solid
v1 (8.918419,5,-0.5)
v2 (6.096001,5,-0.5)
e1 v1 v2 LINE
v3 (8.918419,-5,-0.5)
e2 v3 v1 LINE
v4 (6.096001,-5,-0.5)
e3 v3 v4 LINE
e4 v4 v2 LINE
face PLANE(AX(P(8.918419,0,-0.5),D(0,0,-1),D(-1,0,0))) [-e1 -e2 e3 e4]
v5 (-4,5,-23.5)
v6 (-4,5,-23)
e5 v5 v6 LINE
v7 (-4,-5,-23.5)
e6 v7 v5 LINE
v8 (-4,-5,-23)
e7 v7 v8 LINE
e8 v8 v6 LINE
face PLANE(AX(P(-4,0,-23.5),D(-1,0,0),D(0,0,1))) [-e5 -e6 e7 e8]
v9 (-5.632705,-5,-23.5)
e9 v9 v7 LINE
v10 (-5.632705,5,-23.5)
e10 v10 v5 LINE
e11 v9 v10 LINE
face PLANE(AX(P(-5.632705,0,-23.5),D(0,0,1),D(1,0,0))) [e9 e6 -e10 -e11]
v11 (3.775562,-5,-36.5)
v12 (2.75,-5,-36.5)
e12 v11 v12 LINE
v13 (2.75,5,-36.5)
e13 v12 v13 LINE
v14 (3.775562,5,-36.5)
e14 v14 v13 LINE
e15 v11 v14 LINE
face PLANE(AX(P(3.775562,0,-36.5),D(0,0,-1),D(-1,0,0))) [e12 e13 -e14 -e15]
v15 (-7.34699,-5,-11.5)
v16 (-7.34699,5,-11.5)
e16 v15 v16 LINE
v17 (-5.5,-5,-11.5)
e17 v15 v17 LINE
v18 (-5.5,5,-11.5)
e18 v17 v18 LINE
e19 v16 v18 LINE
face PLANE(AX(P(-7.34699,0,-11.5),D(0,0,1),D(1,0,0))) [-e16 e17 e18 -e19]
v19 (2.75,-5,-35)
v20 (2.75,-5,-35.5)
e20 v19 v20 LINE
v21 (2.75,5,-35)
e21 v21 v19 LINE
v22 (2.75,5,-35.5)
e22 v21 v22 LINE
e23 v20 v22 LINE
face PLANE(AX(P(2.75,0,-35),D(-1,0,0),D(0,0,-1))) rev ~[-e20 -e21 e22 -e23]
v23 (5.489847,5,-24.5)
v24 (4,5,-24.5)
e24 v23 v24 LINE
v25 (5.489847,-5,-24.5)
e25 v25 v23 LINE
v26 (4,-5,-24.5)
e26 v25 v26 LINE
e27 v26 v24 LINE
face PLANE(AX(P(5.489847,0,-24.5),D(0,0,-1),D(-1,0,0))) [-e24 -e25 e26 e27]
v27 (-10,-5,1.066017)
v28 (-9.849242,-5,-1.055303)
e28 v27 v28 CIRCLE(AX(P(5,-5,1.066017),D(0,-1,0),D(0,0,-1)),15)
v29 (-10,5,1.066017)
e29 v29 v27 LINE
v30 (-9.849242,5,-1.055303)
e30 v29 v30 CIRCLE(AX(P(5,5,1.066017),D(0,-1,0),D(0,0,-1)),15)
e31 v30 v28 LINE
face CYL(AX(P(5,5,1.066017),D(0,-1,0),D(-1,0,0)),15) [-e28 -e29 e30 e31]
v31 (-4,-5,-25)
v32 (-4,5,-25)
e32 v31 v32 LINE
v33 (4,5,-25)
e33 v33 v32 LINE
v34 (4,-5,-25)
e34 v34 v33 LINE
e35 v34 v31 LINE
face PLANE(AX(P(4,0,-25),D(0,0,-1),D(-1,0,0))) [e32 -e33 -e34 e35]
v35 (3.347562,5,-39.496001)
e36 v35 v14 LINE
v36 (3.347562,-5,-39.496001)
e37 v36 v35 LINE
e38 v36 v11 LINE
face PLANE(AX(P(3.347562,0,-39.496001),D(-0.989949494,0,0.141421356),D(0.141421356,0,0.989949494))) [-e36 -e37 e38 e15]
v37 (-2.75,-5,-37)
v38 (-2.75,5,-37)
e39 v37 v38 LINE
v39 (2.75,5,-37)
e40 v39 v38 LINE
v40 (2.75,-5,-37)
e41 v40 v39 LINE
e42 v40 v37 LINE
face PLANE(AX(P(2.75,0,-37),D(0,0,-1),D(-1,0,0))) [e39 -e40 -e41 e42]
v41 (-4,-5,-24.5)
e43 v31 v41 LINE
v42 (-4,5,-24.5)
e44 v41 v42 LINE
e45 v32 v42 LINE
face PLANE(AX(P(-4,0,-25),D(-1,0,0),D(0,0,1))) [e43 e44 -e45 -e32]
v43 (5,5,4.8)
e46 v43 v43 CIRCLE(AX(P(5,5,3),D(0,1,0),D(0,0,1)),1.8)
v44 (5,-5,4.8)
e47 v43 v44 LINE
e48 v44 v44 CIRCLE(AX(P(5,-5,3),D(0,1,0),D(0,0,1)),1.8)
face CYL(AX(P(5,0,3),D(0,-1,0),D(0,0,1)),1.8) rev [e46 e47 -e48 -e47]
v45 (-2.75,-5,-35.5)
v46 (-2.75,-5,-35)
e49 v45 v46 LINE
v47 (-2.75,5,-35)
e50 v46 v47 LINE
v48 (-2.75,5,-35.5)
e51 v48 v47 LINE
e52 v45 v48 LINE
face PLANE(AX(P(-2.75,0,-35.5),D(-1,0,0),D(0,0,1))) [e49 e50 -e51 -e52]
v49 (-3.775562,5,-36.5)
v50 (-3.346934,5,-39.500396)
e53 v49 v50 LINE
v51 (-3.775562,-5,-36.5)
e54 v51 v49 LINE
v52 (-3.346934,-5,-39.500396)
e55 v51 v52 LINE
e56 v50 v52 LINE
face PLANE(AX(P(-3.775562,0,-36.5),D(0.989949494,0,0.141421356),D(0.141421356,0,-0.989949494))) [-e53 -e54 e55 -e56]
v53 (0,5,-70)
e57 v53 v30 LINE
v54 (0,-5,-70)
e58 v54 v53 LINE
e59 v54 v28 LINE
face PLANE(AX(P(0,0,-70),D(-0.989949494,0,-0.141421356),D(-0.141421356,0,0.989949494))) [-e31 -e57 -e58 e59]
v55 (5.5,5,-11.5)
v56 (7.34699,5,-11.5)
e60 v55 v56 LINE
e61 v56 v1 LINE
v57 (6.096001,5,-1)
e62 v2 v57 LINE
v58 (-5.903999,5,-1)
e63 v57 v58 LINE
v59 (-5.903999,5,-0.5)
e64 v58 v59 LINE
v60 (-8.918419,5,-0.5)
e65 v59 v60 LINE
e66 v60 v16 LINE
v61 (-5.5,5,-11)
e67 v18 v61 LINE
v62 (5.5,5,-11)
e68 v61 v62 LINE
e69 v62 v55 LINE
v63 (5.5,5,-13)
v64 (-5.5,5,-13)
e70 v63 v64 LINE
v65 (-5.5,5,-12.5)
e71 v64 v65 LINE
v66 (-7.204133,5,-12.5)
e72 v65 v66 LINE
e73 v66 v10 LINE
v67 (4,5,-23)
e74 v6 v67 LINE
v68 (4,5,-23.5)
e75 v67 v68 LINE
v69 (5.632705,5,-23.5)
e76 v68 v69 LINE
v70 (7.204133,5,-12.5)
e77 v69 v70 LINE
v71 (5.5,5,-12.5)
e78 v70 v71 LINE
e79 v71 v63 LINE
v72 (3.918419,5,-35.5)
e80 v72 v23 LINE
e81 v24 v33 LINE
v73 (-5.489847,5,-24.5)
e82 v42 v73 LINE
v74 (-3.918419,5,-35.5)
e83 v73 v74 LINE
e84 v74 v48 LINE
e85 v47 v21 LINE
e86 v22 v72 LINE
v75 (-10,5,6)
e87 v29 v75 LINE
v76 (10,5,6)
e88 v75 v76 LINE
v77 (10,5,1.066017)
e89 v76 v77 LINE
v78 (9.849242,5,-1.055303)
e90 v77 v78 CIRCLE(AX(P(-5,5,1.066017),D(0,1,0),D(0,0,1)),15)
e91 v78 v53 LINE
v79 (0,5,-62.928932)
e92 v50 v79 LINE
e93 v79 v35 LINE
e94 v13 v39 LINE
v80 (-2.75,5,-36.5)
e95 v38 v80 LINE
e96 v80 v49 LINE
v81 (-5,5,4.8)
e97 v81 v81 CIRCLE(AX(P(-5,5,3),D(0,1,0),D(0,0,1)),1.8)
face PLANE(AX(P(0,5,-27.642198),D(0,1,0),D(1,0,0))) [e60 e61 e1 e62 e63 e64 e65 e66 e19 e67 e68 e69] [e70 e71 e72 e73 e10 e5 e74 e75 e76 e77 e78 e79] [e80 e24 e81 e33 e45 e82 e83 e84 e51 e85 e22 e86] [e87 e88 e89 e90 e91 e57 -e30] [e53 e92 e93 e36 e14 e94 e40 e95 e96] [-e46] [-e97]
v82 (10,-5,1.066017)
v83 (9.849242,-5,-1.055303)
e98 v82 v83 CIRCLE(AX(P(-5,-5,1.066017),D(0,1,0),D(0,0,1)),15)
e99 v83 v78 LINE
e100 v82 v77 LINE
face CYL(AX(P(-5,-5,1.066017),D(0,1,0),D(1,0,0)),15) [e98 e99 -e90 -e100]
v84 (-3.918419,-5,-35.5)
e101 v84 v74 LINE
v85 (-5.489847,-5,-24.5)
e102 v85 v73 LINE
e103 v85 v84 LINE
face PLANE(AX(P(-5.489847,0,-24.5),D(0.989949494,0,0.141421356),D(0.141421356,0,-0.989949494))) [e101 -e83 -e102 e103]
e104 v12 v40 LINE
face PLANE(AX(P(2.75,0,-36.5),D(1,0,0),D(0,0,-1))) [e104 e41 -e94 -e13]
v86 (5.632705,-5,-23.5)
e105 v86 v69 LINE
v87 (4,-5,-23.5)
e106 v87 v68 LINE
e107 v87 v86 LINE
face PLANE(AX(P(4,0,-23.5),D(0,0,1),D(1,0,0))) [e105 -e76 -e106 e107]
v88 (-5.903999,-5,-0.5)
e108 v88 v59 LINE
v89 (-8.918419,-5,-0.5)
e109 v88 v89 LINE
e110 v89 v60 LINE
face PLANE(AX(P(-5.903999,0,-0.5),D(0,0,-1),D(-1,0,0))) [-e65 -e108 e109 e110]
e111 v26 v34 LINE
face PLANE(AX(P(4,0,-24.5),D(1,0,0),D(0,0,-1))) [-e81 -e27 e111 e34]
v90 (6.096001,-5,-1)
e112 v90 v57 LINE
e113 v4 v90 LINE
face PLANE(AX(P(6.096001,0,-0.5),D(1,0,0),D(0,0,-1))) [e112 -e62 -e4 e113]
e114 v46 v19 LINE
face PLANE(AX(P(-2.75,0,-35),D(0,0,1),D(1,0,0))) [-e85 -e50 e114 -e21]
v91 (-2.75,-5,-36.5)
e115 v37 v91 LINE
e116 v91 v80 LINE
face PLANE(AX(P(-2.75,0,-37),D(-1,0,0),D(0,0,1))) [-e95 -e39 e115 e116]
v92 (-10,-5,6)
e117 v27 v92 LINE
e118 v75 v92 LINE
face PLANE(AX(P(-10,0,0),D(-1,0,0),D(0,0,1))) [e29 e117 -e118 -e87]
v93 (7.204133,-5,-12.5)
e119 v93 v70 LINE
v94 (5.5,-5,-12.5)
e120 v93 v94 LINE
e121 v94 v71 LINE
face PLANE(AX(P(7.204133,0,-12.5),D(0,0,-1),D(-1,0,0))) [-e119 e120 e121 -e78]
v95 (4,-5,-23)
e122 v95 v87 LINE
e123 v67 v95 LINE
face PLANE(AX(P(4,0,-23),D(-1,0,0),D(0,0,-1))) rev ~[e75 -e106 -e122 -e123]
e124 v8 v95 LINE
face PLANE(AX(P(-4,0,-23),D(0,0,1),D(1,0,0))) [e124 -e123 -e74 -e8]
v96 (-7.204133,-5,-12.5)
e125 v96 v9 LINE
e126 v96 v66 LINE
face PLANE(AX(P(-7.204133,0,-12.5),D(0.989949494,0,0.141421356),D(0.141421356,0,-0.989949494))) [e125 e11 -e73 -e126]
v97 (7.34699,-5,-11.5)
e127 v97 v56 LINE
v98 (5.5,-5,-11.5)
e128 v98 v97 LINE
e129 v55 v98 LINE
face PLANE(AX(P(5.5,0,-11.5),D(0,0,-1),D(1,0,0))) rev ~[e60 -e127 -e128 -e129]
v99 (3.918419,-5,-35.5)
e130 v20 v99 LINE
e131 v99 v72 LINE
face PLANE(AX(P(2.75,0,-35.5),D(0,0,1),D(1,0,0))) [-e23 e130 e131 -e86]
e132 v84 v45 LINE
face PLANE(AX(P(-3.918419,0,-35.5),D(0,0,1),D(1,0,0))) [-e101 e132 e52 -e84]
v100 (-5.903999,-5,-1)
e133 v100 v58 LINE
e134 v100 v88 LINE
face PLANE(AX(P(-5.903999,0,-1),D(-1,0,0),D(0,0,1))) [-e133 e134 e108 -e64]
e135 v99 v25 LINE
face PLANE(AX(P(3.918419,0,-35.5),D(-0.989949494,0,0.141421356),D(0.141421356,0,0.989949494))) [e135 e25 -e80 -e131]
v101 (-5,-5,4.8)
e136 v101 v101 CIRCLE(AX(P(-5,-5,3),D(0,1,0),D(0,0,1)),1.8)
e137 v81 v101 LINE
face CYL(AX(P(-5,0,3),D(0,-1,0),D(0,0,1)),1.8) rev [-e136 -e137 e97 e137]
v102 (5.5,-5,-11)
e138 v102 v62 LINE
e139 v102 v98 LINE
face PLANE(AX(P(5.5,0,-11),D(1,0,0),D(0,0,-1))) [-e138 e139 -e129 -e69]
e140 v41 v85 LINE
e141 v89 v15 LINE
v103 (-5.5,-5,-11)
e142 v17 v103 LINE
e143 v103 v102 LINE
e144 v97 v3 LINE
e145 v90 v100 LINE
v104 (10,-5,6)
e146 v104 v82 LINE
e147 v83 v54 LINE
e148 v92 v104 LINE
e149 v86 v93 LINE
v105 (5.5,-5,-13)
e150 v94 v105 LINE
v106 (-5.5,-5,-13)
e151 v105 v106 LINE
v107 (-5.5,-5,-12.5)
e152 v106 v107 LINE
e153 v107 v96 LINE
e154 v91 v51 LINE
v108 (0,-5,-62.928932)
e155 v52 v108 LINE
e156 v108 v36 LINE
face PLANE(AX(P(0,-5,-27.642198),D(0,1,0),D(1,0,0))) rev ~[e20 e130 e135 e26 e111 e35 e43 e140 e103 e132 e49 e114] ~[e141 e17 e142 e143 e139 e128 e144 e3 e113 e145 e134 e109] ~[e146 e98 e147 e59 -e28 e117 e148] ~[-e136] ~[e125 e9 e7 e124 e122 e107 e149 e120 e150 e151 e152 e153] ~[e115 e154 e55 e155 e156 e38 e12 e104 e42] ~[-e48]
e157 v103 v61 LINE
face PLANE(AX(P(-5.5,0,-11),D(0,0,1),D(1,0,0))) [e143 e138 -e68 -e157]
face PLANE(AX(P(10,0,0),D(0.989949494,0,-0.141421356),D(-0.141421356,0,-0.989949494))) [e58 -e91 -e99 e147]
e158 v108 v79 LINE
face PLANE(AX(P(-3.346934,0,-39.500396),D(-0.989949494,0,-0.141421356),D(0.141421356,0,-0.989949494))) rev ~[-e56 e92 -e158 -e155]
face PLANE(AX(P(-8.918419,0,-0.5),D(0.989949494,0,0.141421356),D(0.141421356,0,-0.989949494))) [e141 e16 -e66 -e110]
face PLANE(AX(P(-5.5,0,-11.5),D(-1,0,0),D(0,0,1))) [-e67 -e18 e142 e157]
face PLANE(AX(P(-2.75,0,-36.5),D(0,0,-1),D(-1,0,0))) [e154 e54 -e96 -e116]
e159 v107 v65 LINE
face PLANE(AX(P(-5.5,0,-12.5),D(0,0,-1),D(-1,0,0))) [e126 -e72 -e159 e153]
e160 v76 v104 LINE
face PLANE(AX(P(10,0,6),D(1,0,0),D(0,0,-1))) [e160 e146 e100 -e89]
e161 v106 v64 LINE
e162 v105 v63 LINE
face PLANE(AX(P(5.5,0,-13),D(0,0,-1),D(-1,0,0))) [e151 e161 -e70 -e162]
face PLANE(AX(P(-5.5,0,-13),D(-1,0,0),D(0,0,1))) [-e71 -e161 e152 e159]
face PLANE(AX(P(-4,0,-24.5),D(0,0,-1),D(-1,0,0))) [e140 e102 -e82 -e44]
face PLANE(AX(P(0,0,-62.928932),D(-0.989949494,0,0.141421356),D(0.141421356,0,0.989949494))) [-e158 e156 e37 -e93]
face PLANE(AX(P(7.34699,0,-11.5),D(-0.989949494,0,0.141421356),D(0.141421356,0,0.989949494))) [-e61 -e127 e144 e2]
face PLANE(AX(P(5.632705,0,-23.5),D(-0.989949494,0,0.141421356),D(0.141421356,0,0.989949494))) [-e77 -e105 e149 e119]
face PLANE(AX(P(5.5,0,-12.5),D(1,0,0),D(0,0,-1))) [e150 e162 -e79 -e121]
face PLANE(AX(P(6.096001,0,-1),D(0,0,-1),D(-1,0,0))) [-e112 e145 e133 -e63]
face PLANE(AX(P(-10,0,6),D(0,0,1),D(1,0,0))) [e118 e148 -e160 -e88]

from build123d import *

# Parameters (mm, degrees)
SKETCH1_R           = 1.8
BOSS_EXTRUDE1_DEPTH = 5
FILLET1_R           = 15


with BuildPart() as part:
    # Sketch1 → Boss-Extrude1 (new, symmetric)
    with BuildSketch(Plane(origin=(0, 0, 0), x_dir=(1, 0, 0), z_dir=(0, 1, 0))):
        Polygon((10, -6), (10, 0), (0, 70), (-10, 0), (-10, -6), align=None)
        with Locations(Location((-5, -3, 0), (0, 0, 270))):
            Circle(SKETCH1_R, mode=Mode.SUBTRACT)
        with Locations(Location((5, -3, 0), (0, 0, 270))):
            Circle(SKETCH1_R, mode=Mode.SUBTRACT)
        Polygon((-8.918418884, 0.5), (-7.346990313, 11.5), (-5.5, 11.5), (-5.5, 11), (5.5, 11), (5.5, 11.5), (7.346990313, 11.5), (8.918418884, 0.5), (6.096000551, 0.5), (6.096000551, 1), (-5.903999449, 1), (-5.903999449, 0.5), align=None, mode=Mode.SUBTRACT)
        Polygon((-5.5, 12.5), (-7.20413317, 12.5), (-5.632704598, 23.5), (-4, 23.5), (-4, 23), (4, 23), (4, 23.5), (5.632704598, 23.5), (7.20413317, 12.5), (5.5, 12.5), (5.5, 13), (-5.5, 13), align=None, mode=Mode.SUBTRACT)
        Polygon((-4, 24.5), (-5.489847455, 24.5), (-3.918418884, 35.5), (-2.75, 35.5), (-2.75, 35), (2.75, 35), (2.75, 35.5), (3.918418884, 35.5), (5.489847455, 24.5), (4, 24.5), (4, 25), (-4, 25), align=None, mode=Mode.SUBTRACT)
        Polygon((-3.346933757, 39.500395887), (0, 62.928932188), (3.347561625, 39.496000816), (3.775561741, 36.5), (2.75, 36.5), (2.75, 37), (-2.75, 37), (-2.75, 36.5), (-3.775561741, 36.5), align=None, mode=Mode.SUBTRACT)
    extrude(amount=BOSS_EXTRUDE1_DEPTH, both=True)

    # Fillet1
    fillet1_edges = [part.edges().sort_by_distance(p)[0] for p in [
        (-10, 0, 0),
        (10, 0, 0),
    ]]
    fillet(fillet1_edges, radius=FILLET1_R)


solid = part.part
